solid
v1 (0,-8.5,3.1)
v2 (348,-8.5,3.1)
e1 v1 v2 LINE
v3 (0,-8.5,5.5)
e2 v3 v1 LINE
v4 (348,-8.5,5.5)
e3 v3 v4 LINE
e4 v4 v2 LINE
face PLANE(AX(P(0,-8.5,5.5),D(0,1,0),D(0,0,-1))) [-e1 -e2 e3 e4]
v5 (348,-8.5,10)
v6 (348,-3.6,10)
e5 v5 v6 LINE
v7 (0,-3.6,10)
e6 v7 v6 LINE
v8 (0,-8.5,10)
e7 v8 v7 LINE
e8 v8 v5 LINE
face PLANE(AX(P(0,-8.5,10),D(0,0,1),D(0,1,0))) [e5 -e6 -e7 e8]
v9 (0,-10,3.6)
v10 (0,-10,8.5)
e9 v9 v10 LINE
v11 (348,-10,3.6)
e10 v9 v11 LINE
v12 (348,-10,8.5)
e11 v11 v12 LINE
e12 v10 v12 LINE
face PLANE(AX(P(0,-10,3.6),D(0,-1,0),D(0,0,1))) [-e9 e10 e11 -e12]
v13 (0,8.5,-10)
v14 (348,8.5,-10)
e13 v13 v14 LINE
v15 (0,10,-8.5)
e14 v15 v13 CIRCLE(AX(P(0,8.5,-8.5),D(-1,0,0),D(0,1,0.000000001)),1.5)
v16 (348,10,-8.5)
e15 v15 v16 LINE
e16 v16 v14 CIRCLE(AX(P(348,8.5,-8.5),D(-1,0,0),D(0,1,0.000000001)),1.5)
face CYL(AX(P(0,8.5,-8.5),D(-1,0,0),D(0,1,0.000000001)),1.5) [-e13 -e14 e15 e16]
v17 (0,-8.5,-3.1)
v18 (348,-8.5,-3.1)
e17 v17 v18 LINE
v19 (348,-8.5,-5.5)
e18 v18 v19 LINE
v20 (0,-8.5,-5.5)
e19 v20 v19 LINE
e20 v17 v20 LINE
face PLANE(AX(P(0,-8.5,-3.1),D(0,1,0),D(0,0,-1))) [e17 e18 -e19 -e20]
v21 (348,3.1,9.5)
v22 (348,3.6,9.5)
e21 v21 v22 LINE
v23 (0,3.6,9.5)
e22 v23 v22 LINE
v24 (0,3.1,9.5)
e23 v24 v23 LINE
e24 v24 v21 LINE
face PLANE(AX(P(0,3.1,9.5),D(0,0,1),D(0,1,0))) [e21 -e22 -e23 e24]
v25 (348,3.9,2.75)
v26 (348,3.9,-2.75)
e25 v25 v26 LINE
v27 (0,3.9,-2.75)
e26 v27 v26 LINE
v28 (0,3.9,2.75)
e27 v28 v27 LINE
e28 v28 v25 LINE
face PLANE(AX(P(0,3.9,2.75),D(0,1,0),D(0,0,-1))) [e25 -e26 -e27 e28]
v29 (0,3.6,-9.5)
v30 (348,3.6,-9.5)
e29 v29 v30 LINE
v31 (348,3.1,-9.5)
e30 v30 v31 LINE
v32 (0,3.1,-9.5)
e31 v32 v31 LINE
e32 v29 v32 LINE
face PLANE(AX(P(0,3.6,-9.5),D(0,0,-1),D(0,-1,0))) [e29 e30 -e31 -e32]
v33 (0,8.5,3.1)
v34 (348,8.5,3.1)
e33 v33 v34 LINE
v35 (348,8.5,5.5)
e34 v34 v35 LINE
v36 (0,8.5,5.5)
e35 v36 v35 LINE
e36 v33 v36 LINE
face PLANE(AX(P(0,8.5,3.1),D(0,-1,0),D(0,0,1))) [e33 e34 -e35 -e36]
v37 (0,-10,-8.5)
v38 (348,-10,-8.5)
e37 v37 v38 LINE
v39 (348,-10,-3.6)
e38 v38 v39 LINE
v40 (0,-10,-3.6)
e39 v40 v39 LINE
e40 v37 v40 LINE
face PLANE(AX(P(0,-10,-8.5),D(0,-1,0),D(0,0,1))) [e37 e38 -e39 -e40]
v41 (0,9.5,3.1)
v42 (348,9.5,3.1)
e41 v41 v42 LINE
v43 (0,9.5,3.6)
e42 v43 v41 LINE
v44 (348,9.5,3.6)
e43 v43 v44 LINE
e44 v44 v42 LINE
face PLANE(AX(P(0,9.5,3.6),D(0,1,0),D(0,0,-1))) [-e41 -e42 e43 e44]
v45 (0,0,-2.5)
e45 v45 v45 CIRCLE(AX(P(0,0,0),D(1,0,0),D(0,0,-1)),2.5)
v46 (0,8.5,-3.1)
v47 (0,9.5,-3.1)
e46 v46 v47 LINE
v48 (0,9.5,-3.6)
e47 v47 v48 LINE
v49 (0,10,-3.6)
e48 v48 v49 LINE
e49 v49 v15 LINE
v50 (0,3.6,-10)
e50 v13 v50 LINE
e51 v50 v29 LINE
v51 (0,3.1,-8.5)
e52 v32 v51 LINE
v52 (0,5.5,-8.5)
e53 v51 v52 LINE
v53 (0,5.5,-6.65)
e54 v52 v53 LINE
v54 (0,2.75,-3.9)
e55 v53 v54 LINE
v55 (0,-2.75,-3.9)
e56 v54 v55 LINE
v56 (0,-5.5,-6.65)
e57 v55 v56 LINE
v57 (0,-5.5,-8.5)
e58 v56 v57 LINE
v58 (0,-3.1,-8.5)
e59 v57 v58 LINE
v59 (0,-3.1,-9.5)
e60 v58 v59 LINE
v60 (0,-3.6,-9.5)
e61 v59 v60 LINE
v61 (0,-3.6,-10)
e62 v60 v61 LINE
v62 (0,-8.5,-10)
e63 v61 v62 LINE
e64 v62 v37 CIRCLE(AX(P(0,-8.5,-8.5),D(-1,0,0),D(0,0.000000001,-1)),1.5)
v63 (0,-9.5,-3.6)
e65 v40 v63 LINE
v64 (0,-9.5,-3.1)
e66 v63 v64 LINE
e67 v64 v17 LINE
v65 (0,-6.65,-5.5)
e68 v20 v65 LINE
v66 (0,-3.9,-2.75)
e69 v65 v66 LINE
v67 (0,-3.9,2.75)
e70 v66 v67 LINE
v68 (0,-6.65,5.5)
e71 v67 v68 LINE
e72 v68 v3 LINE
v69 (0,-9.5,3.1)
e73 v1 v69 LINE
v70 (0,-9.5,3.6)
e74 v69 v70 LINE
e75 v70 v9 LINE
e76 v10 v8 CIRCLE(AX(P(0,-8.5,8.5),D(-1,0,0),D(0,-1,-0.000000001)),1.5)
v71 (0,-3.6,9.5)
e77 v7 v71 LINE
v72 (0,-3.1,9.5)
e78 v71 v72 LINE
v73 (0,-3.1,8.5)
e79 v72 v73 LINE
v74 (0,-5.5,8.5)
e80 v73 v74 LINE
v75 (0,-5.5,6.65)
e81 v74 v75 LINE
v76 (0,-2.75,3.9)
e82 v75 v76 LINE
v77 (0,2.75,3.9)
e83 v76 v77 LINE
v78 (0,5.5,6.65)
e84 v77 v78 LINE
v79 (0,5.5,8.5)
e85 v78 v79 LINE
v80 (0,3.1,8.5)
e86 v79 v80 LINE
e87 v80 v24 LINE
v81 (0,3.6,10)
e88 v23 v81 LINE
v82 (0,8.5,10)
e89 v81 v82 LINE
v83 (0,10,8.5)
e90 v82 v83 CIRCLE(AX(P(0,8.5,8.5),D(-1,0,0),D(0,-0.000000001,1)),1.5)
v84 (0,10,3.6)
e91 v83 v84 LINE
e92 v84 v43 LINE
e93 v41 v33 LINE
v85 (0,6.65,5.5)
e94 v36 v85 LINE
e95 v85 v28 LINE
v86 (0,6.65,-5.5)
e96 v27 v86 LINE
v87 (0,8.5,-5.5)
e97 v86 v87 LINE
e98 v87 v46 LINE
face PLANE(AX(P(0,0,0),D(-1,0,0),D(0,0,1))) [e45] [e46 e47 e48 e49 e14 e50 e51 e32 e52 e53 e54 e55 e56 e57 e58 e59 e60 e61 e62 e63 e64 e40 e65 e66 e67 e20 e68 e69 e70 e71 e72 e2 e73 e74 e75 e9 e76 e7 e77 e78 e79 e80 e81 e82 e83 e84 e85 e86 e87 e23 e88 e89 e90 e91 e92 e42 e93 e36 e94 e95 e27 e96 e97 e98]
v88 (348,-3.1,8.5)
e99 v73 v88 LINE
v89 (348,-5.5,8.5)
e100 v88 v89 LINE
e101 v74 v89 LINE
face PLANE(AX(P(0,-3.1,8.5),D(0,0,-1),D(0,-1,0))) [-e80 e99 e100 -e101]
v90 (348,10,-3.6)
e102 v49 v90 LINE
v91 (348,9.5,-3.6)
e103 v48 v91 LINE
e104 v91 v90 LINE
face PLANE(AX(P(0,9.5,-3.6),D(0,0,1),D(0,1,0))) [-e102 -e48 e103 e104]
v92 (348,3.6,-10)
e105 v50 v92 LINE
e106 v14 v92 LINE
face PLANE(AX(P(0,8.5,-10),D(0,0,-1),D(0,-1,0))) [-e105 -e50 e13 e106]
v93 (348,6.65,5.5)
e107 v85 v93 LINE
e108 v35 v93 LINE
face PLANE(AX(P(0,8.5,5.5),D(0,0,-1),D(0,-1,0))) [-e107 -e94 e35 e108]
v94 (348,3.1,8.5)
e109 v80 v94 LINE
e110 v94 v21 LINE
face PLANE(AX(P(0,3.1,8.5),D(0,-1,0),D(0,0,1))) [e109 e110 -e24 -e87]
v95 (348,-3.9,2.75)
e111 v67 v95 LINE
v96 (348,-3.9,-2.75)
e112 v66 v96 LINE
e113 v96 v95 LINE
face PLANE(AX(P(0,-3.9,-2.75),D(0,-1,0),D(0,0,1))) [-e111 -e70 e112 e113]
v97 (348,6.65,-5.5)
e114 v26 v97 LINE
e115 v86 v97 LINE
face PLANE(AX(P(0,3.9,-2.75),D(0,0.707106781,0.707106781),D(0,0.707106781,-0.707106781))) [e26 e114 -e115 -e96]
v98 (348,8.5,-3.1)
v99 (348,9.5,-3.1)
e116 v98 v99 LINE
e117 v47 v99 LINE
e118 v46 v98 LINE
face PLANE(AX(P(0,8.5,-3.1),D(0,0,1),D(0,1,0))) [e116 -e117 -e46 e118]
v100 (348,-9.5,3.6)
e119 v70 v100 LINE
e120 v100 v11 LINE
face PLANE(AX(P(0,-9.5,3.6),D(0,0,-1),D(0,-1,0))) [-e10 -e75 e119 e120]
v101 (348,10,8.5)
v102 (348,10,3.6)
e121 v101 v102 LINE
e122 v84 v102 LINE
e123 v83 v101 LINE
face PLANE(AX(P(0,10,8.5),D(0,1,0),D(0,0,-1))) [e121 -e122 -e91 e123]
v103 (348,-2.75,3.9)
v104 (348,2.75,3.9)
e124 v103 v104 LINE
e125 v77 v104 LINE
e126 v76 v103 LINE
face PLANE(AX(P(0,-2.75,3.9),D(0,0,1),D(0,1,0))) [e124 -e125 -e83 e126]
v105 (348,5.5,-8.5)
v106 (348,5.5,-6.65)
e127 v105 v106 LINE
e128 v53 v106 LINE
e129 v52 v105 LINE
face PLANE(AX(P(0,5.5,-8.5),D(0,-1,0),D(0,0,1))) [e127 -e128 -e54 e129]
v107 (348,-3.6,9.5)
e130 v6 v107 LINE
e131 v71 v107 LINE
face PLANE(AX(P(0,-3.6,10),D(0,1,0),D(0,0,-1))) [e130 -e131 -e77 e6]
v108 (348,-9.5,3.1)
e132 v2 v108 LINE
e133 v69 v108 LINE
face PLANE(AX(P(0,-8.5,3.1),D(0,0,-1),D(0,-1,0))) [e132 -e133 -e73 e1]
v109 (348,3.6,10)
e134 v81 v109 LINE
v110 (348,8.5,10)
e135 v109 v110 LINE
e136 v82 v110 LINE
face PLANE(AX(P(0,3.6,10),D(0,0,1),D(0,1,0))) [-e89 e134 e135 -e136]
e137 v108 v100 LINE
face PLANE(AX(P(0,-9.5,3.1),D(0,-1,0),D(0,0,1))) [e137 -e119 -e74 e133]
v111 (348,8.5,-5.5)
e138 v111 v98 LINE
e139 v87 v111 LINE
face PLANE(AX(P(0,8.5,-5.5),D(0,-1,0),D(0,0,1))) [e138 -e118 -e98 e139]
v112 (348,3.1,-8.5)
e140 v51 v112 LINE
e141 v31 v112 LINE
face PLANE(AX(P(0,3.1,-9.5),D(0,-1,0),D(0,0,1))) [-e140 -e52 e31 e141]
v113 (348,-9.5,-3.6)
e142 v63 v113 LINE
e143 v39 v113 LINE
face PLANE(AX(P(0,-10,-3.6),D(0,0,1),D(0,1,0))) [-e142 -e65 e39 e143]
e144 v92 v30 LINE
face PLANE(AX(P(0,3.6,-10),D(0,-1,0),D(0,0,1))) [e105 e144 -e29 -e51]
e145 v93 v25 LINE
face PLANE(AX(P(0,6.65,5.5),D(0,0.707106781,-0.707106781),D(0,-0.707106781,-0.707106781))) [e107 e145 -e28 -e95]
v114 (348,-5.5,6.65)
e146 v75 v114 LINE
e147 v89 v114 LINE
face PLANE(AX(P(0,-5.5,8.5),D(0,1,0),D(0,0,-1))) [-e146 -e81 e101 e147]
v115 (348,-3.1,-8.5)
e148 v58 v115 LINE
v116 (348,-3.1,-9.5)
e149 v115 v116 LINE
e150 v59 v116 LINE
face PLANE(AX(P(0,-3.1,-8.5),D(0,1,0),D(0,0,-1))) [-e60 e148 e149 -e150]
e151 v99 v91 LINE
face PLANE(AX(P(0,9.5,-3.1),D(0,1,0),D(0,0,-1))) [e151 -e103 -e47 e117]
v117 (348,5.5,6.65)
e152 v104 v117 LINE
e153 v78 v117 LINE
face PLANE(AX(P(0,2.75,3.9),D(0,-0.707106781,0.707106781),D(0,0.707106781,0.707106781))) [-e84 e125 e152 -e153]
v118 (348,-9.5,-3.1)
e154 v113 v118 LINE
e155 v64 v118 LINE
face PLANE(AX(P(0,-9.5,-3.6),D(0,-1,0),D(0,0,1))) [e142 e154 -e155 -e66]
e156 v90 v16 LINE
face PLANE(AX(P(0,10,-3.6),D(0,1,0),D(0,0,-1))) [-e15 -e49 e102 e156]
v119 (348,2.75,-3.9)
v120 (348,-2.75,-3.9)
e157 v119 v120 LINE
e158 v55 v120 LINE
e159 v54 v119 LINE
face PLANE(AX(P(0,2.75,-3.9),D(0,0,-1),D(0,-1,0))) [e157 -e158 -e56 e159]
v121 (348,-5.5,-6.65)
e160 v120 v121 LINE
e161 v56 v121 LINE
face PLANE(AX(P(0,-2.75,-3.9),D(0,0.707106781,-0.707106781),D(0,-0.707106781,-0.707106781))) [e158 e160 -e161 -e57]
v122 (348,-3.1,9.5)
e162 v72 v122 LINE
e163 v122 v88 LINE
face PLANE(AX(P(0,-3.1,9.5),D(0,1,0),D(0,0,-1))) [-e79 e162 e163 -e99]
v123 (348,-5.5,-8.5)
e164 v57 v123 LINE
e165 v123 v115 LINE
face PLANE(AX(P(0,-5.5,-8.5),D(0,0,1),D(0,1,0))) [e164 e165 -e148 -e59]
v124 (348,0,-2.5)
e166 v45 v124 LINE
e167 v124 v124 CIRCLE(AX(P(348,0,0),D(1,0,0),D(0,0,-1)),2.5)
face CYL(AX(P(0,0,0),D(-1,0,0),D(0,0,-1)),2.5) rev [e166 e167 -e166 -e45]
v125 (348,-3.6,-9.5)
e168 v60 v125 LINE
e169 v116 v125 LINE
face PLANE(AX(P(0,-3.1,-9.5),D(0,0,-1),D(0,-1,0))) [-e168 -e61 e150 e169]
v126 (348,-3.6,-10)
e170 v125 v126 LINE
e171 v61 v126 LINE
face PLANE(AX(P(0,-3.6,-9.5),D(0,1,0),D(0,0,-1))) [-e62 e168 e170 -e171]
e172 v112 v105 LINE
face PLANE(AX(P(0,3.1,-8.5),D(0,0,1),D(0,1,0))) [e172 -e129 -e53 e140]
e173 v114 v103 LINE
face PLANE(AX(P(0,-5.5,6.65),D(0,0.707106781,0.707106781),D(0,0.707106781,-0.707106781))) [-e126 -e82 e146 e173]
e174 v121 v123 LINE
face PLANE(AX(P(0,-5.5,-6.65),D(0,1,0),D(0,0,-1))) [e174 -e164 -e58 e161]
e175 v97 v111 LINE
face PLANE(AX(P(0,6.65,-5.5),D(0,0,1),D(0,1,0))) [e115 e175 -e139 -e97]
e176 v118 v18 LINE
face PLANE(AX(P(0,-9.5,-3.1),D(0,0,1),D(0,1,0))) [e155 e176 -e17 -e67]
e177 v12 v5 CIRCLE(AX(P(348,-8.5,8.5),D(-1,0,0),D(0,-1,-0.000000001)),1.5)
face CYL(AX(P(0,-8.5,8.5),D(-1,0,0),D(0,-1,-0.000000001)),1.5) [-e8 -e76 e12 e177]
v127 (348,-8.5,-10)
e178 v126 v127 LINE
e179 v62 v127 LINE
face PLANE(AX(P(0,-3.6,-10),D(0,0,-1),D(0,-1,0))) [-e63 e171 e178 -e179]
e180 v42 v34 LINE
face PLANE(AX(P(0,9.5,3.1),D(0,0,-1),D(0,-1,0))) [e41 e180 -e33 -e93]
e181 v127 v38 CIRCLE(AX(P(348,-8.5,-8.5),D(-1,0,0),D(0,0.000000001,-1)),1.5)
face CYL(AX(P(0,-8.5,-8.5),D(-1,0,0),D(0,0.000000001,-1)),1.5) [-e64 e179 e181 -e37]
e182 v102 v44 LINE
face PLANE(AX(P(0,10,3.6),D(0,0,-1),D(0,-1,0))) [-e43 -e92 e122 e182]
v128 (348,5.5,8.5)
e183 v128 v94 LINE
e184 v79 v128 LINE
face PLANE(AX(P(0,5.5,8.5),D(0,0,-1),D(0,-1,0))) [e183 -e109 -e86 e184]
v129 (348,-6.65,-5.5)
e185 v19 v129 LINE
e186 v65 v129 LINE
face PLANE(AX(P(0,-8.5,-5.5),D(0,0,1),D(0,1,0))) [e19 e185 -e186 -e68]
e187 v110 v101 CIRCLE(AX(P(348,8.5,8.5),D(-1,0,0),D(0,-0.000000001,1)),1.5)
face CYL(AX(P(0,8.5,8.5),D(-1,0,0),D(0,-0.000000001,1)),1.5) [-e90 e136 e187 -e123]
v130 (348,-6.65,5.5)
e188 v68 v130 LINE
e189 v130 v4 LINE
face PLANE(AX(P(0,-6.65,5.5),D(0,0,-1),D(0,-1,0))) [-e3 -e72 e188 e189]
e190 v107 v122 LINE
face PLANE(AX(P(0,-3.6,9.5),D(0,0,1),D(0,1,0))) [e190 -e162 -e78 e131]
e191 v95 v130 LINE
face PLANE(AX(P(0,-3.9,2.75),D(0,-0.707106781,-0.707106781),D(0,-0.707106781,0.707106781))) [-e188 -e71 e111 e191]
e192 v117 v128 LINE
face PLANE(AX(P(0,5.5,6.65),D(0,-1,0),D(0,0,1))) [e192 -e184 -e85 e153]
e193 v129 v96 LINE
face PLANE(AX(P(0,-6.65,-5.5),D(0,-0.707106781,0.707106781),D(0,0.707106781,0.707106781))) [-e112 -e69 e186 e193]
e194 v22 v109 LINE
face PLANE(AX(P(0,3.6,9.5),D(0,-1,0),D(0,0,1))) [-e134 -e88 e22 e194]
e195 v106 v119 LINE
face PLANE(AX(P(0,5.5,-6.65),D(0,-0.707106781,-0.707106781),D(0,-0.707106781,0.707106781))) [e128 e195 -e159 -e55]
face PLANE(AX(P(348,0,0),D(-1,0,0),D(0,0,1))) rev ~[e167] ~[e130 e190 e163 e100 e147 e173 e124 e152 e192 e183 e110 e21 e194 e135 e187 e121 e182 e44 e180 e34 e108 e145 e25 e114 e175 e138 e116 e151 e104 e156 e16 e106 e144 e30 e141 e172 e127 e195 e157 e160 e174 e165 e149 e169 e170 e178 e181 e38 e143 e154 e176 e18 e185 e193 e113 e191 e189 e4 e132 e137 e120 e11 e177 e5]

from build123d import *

# Parameters (mm, degrees)
SKETCH1_R                = 2.5
F_20_X_20_X_R1_5_1_DEPTH = 348


with BuildPart() as part:
    # Sketch1 → 铝型材 20 X 20 X R1.5(1) (new body)
    with BuildSketch(Plane(origin=(0, 0, 0), x_dir=(0, 0, -1), z_dir=(1, 0, 0))):
        with BuildLine():
            Line((-3.6, 10), (-3.6, 9.5))
            Line((-3.6, 9.5), (-3.1, 9.5))
            Line((-3.1, 9.5), (-3.1, 8.5))
            Line((-3.1, 8.5), (-5.5, 8.5))
            Line((-5.5, 8.5), (-5.5, 6.65))
            Line((-5.5, 6.65), (-2.75, 3.9))
            Line((-2.75, 3.9), (2.75, 3.9))
            Line((2.75, 3.9), (5.5, 6.65))
            Line((5.5, 6.65), (5.5, 8.5))
            Line((5.5, 8.5), (3.1, 8.5))
            Line((3.1, 8.5), (3.1, 9.5))
            Line((3.1, 9.5), (3.6, 9.5))
            Line((3.6, 9.5), (3.6, 10))
            Line((3.6, 10), (8.5, 10))
            ThreePointArc((8.5, 10), (9.560660172, 9.560660172), (10, 8.5))
            Line((10, 8.5), (10, 3.6))
            Line((10, 3.6), (9.5, 3.6))
            Line((9.5, 3.6), (9.5, 3.1))
            Line((9.5, 3.1), (8.5, 3.1))
            Line((8.5, 3.1), (8.5, 5.5))
            Line((8.5, 5.5), (6.65, 5.5))
            Line((6.65, 5.5), (3.9, 2.75))
            Line((3.9, 2.75), (3.9, -2.75))
            Line((3.9, -2.75), (6.65, -5.5))
            Line((6.65, -5.5), (8.5, -5.5))
            Line((8.5, -5.5), (8.5, -3.1))
            Line((8.5, -3.1), (9.5, -3.1))
            Line((9.5, -3.1), (9.5, -3.6))
            Line((9.5, -3.6), (10, -3.6))
            Line((10, -3.6), (10, -8.5))
            ThreePointArc((10, -8.5), (9.560660172, -9.560660172), (8.5, -10))
            Line((8.5, -10), (3.6, -10))
            Line((3.6, -10), (3.6, -9.5))
            Line((3.6, -9.5), (3.1, -9.5))
            Line((3.1, -9.5), (3.1, -8.5))
            Line((3.1, -8.5), (5.5, -8.5))
            Line((5.5, -8.5), (5.5, -6.65))
            Line((5.5, -6.65), (2.75, -3.9))
            Line((2.75, -3.9), (-2.75, -3.9))
            Line((-2.75, -3.9), (-5.5, -6.65))
            Line((-5.5, -6.65), (-5.5, -8.5))
            Line((-5.5, -8.5), (-3.1, -8.5))
            Line((-3.1, -8.5), (-3.1, -9.5))
            Line((-3.1, -9.5), (-3.6, -9.5))
            Line((-3.6, -9.5), (-3.6, -10))
            Line((-3.6, -10), (-8.5, -10))
            ThreePointArc((-8.5, -10), (-9.560660172, -9.560660172), (-10, -8.5))
            Line((-10, -8.5), (-10, -3.6))
            Line((-10, -3.6), (-9.5, -3.6))
            Line((-9.5, -3.6), (-9.5, -3.1))
            Line((-9.5, -3.1), (-8.5, -3.1))
            Line((-8.5, -3.1), (-8.5, -5.5))
            Line((-8.5, -5.5), (-6.65, -5.5))
            Line((-6.65, -5.5), (-3.9, -2.75))
            Line((-3.9, -2.75), (-3.9, 2.75))
            Line((-3.9, 2.75), (-6.65, 5.5))
            Line((-6.65, 5.5), (-8.5, 5.5))
            Line((-8.5, 5.5), (-8.5, 3.1))
            Line((-8.5, 3.1), (-9.5, 3.1))
            Line((-9.5, 3.1), (-9.5, 3.6))
            Line((-9.5, 3.6), (-10, 3.6))
            Line((-10, 3.6), (-10, 8.5))
            ThreePointArc((-10, 8.5), (-9.560660172, 9.560660172), (-8.5, 10))
            Line((-8.5, 10), (-3.6, 10))
        make_face()
        Circle(SKETCH1_R, mode=Mode.SUBTRACT)
    extrude(amount=F_20_X_20_X_R1_5_1_DEPTH)


solid = part.part
